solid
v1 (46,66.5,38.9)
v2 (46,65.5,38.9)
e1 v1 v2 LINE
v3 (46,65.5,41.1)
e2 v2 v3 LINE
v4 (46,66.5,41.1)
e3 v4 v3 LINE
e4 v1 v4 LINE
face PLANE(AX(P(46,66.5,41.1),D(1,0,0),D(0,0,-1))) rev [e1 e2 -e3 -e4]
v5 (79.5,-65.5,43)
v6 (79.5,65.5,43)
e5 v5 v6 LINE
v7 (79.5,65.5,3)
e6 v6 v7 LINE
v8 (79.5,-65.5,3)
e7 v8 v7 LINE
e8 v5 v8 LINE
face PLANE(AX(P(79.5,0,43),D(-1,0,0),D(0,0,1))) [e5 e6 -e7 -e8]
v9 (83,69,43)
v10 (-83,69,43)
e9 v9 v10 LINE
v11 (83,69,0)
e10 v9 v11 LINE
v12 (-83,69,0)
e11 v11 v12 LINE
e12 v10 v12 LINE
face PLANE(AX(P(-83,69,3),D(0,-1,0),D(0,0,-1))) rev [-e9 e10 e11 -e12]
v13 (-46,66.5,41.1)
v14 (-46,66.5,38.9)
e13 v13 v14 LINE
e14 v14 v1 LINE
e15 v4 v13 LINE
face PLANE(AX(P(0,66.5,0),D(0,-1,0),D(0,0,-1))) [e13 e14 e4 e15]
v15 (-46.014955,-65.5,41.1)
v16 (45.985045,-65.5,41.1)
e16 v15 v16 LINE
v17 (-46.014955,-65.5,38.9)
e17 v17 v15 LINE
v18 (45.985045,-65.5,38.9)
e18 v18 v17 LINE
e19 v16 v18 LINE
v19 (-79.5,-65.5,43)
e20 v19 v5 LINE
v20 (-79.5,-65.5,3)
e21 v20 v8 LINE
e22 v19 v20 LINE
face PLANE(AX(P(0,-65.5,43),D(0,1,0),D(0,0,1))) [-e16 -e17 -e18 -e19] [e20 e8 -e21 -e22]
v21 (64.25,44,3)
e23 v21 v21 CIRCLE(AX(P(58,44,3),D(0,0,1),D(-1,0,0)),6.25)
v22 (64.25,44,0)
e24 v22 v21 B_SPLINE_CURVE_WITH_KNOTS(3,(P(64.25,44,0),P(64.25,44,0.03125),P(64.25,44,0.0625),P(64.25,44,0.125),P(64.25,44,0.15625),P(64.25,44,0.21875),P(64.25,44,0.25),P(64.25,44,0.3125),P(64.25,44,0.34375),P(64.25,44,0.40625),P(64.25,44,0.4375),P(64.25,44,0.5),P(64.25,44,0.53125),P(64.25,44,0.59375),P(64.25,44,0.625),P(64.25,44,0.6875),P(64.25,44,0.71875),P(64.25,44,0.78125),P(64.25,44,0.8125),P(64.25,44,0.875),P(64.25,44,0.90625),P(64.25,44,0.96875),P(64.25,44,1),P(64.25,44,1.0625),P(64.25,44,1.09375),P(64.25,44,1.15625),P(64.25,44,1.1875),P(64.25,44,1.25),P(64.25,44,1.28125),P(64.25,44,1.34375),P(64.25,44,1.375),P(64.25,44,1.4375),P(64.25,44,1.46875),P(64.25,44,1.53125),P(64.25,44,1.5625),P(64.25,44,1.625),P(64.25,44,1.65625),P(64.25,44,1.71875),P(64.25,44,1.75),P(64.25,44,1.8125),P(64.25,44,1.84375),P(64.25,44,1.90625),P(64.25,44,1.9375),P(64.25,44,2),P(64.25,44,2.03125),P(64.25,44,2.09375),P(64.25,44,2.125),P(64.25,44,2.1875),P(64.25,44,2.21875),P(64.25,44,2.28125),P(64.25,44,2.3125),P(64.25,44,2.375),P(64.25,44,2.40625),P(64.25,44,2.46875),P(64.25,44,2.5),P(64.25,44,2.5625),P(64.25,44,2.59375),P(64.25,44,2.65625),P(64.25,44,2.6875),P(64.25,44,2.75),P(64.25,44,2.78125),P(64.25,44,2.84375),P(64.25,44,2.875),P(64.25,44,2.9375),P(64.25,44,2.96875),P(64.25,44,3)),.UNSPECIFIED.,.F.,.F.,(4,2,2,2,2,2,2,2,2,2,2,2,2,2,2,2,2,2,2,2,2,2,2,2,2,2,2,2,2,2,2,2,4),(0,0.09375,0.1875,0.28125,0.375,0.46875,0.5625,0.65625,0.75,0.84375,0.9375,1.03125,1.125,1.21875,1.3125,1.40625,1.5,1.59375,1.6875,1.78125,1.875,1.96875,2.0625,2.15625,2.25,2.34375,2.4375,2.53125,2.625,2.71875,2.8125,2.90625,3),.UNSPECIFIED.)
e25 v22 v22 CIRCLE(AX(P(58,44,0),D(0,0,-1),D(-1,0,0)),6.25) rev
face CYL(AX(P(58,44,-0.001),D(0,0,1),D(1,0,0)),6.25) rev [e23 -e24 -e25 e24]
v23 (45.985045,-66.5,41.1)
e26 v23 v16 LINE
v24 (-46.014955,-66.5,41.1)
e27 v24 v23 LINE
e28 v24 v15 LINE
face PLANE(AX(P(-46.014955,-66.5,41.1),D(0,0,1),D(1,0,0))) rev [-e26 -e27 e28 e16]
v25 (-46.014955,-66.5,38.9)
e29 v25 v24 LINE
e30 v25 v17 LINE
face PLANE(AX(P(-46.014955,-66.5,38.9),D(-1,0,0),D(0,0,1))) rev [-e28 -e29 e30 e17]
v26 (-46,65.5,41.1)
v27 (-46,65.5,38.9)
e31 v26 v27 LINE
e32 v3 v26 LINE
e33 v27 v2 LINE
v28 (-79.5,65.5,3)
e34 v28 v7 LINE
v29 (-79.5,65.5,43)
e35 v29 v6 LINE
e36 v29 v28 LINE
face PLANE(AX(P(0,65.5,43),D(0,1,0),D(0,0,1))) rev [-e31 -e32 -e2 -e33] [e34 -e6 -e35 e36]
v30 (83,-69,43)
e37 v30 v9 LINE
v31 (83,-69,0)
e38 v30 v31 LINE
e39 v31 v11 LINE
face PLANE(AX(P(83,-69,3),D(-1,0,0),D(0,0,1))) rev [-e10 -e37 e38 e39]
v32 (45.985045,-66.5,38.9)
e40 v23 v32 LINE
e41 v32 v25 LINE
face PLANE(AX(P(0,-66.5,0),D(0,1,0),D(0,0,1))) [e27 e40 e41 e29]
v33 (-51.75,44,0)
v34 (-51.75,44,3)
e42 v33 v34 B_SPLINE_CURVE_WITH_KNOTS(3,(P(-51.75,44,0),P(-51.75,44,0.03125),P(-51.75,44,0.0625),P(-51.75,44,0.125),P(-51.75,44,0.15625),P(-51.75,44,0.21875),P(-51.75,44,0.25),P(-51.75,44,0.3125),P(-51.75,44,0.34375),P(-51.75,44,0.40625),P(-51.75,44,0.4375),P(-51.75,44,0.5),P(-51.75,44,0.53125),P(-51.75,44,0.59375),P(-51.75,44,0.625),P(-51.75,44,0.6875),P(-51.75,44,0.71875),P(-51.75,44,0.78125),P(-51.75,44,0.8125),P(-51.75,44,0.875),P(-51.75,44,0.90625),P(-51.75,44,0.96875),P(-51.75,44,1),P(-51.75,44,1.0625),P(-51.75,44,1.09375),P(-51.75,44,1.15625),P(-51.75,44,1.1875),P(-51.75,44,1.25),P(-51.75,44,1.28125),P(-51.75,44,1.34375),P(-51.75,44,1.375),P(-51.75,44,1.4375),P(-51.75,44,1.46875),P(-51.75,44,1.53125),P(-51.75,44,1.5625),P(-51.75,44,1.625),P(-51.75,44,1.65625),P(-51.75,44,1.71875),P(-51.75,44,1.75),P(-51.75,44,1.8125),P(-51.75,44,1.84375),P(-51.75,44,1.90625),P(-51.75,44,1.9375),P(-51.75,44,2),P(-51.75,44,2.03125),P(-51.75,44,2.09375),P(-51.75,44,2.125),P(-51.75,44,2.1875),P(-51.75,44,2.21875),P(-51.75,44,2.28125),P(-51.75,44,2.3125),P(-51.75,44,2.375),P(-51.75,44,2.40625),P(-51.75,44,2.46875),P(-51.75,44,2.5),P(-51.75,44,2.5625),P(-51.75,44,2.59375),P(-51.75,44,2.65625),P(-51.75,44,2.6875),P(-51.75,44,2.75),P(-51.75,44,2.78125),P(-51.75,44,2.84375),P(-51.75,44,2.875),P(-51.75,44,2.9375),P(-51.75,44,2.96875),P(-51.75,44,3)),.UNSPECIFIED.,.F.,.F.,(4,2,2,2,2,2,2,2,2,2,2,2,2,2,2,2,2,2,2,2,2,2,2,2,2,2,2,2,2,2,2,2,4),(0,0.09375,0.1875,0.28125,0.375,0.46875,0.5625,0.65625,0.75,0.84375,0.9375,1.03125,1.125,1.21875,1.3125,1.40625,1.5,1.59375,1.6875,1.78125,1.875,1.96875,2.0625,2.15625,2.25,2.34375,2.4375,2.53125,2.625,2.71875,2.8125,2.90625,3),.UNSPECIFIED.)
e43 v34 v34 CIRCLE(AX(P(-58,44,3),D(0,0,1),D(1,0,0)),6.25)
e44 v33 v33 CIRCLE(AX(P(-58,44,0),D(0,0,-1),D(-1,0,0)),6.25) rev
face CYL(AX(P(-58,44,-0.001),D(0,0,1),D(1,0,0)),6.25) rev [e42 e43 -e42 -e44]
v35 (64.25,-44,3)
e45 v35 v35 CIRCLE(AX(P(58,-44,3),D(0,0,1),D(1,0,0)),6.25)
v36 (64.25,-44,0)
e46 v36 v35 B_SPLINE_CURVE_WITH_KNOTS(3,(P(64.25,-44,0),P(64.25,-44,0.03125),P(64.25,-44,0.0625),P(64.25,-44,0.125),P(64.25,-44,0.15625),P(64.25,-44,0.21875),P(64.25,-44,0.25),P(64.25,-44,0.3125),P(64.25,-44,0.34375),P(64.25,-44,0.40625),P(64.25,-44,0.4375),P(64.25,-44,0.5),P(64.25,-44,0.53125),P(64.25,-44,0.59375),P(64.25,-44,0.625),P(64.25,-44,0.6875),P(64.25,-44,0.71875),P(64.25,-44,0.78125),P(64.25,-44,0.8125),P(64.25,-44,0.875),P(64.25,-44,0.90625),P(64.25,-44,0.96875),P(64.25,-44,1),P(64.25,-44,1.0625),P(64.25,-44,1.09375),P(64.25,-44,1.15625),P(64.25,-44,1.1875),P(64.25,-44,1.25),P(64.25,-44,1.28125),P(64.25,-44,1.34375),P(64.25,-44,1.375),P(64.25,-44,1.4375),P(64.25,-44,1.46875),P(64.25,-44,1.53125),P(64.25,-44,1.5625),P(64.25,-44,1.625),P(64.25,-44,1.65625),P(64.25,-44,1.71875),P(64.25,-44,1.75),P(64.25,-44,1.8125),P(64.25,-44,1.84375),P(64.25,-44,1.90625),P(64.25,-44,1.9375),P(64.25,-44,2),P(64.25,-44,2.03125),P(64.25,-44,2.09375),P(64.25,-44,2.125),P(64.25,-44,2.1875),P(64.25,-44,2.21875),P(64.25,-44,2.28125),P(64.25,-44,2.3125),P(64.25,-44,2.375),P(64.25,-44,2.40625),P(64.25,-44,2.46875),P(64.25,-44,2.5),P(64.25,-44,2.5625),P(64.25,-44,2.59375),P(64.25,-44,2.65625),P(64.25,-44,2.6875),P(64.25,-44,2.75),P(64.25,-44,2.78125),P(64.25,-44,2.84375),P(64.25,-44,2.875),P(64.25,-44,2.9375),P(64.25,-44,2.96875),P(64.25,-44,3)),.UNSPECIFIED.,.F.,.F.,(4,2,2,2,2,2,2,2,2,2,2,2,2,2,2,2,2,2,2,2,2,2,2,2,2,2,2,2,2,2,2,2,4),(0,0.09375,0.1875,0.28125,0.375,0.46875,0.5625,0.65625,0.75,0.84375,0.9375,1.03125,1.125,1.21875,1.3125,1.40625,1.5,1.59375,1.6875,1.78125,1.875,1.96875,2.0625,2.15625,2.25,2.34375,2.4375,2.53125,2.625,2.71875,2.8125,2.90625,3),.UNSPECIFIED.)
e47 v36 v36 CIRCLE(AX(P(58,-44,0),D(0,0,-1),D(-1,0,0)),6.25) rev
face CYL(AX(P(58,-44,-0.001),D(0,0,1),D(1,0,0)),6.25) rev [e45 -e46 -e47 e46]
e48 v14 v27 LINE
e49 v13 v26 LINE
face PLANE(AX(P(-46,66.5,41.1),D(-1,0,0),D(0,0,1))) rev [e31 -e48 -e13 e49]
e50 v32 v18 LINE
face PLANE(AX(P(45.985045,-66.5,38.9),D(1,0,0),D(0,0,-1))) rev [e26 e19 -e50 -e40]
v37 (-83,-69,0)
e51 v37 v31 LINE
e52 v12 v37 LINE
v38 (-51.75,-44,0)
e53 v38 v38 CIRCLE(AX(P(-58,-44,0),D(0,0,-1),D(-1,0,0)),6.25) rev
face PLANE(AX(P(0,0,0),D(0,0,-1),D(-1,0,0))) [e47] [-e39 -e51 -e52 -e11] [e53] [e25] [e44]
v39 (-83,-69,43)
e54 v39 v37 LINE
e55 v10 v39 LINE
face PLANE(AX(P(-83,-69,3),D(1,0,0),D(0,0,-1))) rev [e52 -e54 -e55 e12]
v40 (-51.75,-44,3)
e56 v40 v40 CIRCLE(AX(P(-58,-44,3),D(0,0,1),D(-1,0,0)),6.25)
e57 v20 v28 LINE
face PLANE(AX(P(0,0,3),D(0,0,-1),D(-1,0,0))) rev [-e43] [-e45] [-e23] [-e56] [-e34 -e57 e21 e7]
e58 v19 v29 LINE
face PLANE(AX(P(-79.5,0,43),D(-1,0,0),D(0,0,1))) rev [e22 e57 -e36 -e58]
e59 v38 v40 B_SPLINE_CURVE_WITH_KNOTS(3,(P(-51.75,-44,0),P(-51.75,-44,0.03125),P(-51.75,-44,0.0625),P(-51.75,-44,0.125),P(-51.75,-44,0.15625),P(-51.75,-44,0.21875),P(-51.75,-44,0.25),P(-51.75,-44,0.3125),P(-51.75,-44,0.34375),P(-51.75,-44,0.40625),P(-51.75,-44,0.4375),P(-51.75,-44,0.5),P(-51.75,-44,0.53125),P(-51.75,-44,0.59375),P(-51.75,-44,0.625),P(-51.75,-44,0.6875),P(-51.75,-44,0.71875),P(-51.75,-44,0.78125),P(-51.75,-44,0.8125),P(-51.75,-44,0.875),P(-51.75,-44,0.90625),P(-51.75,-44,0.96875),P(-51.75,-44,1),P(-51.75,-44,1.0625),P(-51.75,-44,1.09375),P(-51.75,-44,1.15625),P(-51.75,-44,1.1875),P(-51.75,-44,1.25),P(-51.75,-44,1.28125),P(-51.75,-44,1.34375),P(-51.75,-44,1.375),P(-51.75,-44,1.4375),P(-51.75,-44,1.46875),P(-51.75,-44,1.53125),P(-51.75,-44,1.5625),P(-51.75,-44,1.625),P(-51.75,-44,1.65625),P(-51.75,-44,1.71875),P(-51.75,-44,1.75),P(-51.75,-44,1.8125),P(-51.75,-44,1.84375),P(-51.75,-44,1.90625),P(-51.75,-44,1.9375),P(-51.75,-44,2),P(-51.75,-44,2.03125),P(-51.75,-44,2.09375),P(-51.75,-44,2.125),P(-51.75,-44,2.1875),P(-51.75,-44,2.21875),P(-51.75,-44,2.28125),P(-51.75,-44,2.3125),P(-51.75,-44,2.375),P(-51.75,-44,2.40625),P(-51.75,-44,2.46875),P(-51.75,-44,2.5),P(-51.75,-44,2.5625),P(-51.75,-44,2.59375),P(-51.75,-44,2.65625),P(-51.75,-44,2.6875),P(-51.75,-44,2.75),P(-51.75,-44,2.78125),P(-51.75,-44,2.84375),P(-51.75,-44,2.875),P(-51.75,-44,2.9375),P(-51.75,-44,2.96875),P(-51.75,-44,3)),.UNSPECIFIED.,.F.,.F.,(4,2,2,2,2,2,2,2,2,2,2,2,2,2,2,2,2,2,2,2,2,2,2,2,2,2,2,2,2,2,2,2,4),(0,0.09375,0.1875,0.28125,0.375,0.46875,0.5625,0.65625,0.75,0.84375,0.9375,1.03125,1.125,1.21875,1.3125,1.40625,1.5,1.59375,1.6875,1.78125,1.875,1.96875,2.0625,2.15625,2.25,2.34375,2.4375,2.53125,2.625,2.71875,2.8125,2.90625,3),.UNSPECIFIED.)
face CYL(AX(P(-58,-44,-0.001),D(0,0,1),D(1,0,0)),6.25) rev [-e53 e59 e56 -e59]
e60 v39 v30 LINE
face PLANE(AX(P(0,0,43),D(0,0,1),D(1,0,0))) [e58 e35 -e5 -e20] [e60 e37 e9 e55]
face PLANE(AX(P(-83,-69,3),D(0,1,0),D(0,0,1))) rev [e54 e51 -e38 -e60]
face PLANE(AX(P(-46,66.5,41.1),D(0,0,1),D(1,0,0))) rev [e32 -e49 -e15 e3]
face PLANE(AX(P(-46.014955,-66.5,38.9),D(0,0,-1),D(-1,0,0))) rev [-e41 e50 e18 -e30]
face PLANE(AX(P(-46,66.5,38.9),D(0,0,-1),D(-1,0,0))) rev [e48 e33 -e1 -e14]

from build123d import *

# Parameters (mm, degrees)
SKETCH_1_W          = 166
SKETCH_1_H          = 138
EXTRUDE_1_DEPTH     = 3
SKETCH_2_W          = 166
SKETCH_2_H          = 138
SKETCH_2_W_2        = 159
SKETCH_2_H_2        = 131
EXTRUDE_2_DEPTH     = 40
CUT_EXTRUDE_4_REACH = 117.109
SKETCH_3_R          = 6.25
SKETCH_4_W          = 92
SKETCH_4_H          = 2.2
CUT_EXTRUDE_5_DEPTH = 1
SKETCH_5_W          = 92
SKETCH_5_H          = 2.2
CUT_EXTRUDE_6_DEPTH = 1


with BuildPart() as part:
    # 스케치1 → 보스-돌출1 (new body)
    with BuildSketch(Plane.XY):
        Rectangle(SKETCH_1_W, SKETCH_1_H)
    extrude(amount=EXTRUDE_1_DEPTH)

    # 스케치2 → 보스-돌출2 (add)
    with BuildSketch(Plane.XY.offset(3)):
        Rectangle(SKETCH_2_W, SKETCH_2_H)
        Rectangle(SKETCH_2_W_2, SKETCH_2_H_2, mode=Mode.SUBTRACT)
    extrude(amount=EXTRUDE_2_DEPTH)

    # 스케치3 → 컷-돌출4 (cut, up to next)
    with BuildSketch(Plane.XY.offset(3), mode=Mode.PRIVATE) as cut_extrude_4_sk1:
        with Locations((-58, 44)):
            Circle(SKETCH_3_R)
    cut_extrude_4_tool1 = extrude(cut_extrude_4_sk1.sketch, amount=-CUT_EXTRUDE_4_REACH, mode=Mode.PRIVATE) & part.part
    # 스케치3 → 컷-돌출4 (cut, up to next)
    with BuildSketch(Plane.XY.offset(3), mode=Mode.PRIVATE) as cut_extrude_4_sk2:
        with Locations((-58, -44)):
            Circle(SKETCH_3_R)
    cut_extrude_4_tool2 = extrude(cut_extrude_4_sk2.sketch, amount=-CUT_EXTRUDE_4_REACH, mode=Mode.PRIVATE) & part.part
    # 스케치3 → 컷-돌출4 (cut, up to next)
    with BuildSketch(Plane.XY.offset(3), mode=Mode.PRIVATE) as cut_extrude_4_sk3:
        with Locations((58, -44)):
            Circle(SKETCH_3_R)
    cut_extrude_4_tool3 = extrude(cut_extrude_4_sk3.sketch, amount=-CUT_EXTRUDE_4_REACH, mode=Mode.PRIVATE) & part.part
    # 스케치3 → 컷-돌출4 (cut, up to next)
    with BuildSketch(Plane.XY.offset(3), mode=Mode.PRIVATE) as cut_extrude_4_sk4:
        with Locations((58, 44)):
            Circle(SKETCH_3_R)
    cut_extrude_4_tool4 = extrude(cut_extrude_4_sk4.sketch, amount=-CUT_EXTRUDE_4_REACH, mode=Mode.PRIVATE) & part.part
    add(cut_extrude_4_tool1.solids().sort_by_distance((-58, 44, 3))[0], mode=Mode.SUBTRACT)
    add(cut_extrude_4_tool2.solids().sort_by_distance((-58, -44, 3))[0], mode=Mode.SUBTRACT)
    add(cut_extrude_4_tool3.solids().sort_by_distance((58, -44, 3))[0], mode=Mode.SUBTRACT)
    add(cut_extrude_4_tool4.solids().sort_by_distance((58, 44, 3))[0], mode=Mode.SUBTRACT)

    # 스케치4 → 컷-돌출5 (cut)
    with BuildSketch(Plane.XZ.offset(-65.5)):
        with Locations((0, 40)):
            Rectangle(SKETCH_4_W, SKETCH_4_H)
    extrude(amount=-CUT_EXTRUDE_5_DEPTH, mode=Mode.SUBTRACT)

    # 스케치5 → 컷-돌출6 (cut)
    with BuildSketch(Plane(origin=(0, -65.5, 0), x_dir=(1, 0, 0), z_dir=(0, 1, 0))):
        with Locations((-0.014955436, -40)):
            Rectangle(SKETCH_5_W, SKETCH_5_H)
    extrude(amount=-CUT_EXTRUDE_6_DEPTH, mode=Mode.SUBTRACT)


solid = part.part
